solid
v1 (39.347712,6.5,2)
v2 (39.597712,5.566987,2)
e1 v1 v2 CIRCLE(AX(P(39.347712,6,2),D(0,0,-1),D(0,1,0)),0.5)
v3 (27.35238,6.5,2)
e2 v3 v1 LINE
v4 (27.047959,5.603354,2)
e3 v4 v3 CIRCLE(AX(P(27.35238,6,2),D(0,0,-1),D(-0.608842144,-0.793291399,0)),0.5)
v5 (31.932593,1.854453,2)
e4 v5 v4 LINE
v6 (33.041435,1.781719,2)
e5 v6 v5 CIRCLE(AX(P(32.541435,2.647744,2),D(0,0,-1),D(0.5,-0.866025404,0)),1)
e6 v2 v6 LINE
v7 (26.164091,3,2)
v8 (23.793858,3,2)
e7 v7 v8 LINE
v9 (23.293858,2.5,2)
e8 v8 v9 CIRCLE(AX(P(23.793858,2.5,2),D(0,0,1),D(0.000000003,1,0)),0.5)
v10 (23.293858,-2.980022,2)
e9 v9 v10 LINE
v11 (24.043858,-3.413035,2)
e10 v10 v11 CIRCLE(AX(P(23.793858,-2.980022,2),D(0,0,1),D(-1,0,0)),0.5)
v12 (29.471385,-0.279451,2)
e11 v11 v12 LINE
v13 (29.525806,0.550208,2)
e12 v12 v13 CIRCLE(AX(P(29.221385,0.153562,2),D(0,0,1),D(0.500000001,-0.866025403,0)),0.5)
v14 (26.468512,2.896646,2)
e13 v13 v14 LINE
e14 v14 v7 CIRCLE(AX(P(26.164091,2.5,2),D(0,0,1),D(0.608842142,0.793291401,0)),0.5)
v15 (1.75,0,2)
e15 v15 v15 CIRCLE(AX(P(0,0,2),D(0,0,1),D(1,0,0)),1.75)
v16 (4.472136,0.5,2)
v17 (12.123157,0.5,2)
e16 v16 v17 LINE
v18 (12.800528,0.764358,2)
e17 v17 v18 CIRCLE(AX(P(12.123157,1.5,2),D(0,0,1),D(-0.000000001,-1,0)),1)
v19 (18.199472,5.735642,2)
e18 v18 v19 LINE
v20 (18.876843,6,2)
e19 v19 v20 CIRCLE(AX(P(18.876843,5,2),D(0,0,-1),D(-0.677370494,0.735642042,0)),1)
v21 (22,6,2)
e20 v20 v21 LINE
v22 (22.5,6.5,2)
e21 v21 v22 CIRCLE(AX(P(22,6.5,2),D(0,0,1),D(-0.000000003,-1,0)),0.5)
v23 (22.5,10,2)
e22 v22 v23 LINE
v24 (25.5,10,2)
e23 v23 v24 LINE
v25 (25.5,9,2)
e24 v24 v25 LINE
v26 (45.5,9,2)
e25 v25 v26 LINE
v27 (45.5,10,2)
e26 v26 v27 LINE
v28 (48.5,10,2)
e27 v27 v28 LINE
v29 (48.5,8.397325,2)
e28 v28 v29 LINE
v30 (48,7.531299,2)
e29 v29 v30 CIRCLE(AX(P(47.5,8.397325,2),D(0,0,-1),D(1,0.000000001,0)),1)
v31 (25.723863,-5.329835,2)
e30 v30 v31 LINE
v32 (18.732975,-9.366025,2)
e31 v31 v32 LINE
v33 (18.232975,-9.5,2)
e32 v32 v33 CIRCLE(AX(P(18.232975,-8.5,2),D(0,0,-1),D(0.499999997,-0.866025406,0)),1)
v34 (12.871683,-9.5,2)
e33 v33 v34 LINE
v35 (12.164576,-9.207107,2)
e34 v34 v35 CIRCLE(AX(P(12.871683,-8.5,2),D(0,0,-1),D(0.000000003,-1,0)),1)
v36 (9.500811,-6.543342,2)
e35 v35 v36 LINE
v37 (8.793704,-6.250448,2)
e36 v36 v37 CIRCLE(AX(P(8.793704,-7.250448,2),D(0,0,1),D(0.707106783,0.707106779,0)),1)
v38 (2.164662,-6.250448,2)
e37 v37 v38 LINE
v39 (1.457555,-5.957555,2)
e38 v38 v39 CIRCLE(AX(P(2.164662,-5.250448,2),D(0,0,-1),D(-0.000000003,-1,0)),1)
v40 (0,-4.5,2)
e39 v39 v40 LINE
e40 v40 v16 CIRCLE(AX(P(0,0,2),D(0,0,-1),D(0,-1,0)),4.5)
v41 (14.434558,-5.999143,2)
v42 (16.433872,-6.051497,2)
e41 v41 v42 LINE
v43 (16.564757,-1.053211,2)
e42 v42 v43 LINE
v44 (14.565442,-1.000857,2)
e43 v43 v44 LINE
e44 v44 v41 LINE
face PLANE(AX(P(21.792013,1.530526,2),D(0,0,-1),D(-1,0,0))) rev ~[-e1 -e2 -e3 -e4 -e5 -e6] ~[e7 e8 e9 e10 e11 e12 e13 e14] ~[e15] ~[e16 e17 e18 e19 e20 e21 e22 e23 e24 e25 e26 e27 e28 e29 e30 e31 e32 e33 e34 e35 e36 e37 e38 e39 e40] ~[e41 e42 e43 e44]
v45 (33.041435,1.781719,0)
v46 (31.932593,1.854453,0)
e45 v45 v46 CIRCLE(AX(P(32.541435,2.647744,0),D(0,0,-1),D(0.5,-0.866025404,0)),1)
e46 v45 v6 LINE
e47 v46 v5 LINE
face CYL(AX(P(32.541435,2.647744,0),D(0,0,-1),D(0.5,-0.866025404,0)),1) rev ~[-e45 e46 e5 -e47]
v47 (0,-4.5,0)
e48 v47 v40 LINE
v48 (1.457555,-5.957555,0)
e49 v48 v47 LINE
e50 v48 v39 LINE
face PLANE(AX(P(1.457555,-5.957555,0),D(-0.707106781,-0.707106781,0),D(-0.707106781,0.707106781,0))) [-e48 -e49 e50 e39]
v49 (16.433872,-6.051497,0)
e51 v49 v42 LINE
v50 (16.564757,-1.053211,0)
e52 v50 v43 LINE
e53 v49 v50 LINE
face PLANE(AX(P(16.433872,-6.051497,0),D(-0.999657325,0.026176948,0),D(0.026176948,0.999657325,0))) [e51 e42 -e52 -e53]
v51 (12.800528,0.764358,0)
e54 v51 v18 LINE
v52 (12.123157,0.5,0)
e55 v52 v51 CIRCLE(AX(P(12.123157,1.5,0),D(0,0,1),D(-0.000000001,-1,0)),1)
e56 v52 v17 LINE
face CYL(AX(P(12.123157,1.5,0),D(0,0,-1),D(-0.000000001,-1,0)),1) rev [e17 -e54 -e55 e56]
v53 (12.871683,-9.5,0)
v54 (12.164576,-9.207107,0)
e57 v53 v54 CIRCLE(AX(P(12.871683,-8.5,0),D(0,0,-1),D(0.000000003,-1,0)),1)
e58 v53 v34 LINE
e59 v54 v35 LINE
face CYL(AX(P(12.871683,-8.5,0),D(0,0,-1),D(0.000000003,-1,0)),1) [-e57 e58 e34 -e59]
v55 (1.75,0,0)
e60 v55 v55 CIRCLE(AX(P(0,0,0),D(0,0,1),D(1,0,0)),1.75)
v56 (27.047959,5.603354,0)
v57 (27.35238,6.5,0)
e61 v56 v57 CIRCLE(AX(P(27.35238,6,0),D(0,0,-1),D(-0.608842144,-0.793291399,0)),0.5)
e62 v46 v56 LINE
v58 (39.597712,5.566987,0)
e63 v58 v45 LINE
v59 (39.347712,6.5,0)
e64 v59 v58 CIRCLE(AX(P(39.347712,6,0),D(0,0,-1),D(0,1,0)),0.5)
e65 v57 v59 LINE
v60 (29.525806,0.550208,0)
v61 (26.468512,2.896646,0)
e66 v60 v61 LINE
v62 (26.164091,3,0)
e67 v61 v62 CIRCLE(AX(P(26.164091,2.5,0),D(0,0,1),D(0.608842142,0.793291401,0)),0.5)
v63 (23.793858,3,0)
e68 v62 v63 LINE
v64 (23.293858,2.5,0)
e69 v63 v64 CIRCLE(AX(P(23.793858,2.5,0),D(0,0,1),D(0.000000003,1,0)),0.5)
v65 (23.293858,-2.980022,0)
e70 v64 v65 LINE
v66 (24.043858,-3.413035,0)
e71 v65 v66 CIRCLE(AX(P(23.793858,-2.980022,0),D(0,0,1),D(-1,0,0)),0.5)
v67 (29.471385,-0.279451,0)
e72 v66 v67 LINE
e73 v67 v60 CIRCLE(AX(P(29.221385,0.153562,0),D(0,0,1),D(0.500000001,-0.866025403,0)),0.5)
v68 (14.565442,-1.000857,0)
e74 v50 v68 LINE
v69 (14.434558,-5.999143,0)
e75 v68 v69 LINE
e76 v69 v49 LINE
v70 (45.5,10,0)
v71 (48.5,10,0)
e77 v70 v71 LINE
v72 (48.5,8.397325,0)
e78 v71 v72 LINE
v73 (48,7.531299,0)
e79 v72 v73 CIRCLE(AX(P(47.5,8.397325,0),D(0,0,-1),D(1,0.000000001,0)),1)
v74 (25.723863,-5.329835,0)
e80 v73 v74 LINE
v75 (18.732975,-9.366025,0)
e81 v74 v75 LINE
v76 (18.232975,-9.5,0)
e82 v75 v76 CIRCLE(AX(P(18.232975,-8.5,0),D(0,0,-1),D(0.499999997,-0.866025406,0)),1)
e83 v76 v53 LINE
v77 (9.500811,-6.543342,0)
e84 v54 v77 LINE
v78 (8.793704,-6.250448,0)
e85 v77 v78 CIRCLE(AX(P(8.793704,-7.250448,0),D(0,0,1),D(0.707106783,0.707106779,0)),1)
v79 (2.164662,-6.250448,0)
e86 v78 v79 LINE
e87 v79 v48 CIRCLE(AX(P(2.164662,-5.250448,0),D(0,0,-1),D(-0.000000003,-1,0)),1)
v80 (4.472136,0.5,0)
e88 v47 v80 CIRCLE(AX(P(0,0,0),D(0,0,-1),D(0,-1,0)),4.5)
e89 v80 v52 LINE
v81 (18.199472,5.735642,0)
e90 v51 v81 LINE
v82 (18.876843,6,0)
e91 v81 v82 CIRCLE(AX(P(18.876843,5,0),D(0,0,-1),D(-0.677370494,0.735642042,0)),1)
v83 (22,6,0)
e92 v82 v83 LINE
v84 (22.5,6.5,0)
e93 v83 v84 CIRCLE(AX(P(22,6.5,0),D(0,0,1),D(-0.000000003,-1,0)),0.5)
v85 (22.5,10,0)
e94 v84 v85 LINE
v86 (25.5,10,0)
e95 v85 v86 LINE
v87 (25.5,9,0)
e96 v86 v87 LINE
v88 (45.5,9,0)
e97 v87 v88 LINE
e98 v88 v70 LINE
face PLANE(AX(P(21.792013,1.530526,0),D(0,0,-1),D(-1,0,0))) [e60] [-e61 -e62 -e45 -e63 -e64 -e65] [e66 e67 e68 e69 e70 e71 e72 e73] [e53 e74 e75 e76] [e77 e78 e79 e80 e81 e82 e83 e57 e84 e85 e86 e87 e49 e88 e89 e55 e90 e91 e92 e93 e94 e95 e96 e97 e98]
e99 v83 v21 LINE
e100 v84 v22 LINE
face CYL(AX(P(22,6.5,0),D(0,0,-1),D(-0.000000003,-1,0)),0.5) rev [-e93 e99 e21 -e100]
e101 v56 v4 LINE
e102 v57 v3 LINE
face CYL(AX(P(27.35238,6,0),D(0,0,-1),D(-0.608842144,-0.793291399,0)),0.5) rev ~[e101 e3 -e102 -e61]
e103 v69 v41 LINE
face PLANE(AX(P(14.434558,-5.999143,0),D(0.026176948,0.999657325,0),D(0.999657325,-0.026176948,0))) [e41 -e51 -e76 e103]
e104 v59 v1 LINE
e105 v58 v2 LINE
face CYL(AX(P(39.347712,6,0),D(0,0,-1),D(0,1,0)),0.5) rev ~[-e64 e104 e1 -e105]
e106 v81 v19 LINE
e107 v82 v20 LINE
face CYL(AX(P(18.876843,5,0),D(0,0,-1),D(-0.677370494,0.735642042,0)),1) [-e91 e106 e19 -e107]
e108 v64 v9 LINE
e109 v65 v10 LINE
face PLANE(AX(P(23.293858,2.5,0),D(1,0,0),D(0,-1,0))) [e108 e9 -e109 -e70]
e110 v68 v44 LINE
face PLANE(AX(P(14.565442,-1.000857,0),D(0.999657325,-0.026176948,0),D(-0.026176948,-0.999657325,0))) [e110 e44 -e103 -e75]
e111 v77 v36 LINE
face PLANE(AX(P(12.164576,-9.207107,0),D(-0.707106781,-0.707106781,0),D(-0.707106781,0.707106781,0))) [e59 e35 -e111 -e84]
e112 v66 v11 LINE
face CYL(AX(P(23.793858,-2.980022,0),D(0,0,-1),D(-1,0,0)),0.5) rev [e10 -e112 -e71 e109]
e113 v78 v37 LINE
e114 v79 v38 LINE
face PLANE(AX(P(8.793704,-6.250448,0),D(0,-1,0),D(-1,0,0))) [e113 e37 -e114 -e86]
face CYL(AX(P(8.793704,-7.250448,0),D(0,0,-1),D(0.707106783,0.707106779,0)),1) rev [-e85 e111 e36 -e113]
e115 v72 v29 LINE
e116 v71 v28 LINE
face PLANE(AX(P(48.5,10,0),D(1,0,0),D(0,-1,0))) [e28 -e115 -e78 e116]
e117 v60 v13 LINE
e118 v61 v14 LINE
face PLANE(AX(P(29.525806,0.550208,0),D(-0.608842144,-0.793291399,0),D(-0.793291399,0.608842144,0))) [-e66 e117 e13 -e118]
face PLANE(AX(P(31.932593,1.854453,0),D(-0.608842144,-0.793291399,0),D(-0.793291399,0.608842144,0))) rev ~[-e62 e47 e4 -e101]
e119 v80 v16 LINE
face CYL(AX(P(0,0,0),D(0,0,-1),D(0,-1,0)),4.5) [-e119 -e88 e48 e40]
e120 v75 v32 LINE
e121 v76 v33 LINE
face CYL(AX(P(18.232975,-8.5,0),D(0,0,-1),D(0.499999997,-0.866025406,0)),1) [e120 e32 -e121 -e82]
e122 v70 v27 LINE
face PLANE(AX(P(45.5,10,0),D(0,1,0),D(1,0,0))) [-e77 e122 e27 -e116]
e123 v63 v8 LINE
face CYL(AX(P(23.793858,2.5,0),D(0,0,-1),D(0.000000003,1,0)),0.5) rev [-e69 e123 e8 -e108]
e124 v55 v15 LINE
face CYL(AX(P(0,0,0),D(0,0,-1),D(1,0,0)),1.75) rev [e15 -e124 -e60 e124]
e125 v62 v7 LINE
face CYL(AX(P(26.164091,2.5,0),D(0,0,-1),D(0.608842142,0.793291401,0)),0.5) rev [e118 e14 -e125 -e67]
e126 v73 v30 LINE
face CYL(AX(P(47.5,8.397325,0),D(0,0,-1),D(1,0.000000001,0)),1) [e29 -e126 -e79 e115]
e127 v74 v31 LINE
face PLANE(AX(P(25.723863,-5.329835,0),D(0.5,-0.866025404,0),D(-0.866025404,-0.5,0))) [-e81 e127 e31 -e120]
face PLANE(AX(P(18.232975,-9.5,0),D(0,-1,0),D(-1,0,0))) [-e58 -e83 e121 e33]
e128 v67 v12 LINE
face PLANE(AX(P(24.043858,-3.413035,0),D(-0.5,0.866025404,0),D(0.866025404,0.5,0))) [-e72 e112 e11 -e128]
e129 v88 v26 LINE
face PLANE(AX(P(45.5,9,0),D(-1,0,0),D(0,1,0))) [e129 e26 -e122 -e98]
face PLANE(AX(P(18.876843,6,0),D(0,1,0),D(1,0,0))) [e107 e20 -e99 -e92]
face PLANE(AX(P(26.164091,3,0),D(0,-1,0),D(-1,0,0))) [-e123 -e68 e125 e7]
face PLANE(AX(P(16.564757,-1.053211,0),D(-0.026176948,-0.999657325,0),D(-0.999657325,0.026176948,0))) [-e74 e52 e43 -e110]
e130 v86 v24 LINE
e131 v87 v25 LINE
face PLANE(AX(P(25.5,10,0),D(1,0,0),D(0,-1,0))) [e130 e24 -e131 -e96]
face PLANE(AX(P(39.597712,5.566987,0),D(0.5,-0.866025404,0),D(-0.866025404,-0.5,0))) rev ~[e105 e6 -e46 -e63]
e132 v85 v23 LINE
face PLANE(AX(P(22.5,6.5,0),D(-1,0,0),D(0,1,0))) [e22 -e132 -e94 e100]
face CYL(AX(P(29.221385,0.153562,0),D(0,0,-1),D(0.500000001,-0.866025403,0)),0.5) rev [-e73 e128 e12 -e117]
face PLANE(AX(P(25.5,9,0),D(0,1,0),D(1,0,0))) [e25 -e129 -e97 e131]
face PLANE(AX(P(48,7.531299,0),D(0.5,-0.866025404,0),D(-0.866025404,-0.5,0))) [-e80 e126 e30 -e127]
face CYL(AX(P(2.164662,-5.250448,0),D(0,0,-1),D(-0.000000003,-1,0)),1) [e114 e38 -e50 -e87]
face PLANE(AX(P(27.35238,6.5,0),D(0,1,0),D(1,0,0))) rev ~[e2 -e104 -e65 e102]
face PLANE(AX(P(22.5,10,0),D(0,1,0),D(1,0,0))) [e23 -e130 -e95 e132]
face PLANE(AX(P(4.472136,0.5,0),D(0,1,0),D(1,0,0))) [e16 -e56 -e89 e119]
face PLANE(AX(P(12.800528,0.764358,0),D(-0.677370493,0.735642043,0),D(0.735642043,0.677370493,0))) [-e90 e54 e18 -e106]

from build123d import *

# Parameters (mm, degrees)
SKETCH1_R           = 1.75
BOSS_EXTRUDE1_DEPTH = 2


with BuildPart() as part:
    # Sketch1 → Boss-Extrude1 (new body)
    with BuildSketch(Plane.XY):
        with BuildLine():
            Line((4.472135955, 0.5), (12.123157342, 0.5))
            ThreePointArc((12.123157342, 0.5), (12.486721612, 0.568430882), (12.800527834, 0.764357957))
            Line((12.800527834, 0.764357957), (18.199472166, 5.735642043))
            ThreePointArc((18.199472166, 5.735642043), (18.513278388, 5.931569118), (18.876842658, 6))
            Line((18.876842658, 6), (22, 6))
            ThreePointArc((22, 6), (22.353553391, 6.146446609), (22.5, 6.5))
            Line((22.5, 6.5), (22.5, 10))
            Line((22.5, 10), (25.5, 10))
            Line((25.5, 10), (25.5, 9))
            Line((25.5, 9), (45.5, 9))
            Line((45.5, 9), (45.5, 10))
            Line((45.5, 10), (48.5, 10))
            Line((48.5, 10), (48.5, 8.397324532))
            ThreePointArc((48.5, 8.397324532), (48.366025404, 7.897324532), (48, 7.531299129))
            Line((48, 7.531299129), (25.723862599, -5.329834796))
            Line((25.723862599, -5.329834796), (18.732975398, -9.366025404))
            ThreePointArc((18.732975398, -9.366025404), (18.491794443, -9.465925826), (18.232975398, -9.5))
            Line((18.232975398, -9.5), (12.871682623, -9.5))
            ThreePointArc((12.871682623, -9.5), (12.48899919, -9.423879533), (12.164575841, -9.207106781))
            Line((12.164575841, -9.207106781), (9.500810677, -6.543341617))
            ThreePointArc((9.500810677, -6.543341617), (9.176387328, -6.326568865), (8.793703896, -6.250448398))
            Line((8.793703896, -6.250448398), (2.16466196, -6.250448398))
            ThreePointArc((2.16466196, -6.250448398), (1.781978528, -6.17432793), (1.457555179, -5.957555179))
            Line((1.457555179, -5.957555179), (0, -4.5))
            ThreePointArc((0, -4.5), (-3.354101966, 3), (4.472135955, 0.5))
        make_face()
        Circle(SKETCH1_R, mode=Mode.SUBTRACT)
        with BuildLine():
            Line((27.801871392, 6.5), (39.347712108, 6.5))
            ThreePointArc((39.347712108, 6.5), (39.830675021, 6.129409523), (39.597712108, 5.566987298))
            Line((39.597712108, 5.566987298), (33.04143505, 1.781718974))
            ThreePointArc((33.04143505, 1.781718974), (32.475981159, 1.649888783), (31.932592907, 1.854452979))
            Line((31.932592907, 1.854452979), (27.047958678, 5.6033543))
            ThreePointArc((27.047958678, 5.6033543), (26.878922862, 6.160743818), (27.35237975, 6.5))
            Line((27.35237975, 6.5), (27.801871392, 6.5))
        make_face(mode=Mode.SUBTRACT)
        with BuildLine():
            Line((29.525805665, 0.550207783), (26.468512346, 2.8966457))
            ThreePointArc((26.468512346, 2.8966457), (26.324835093, 2.973456888), (26.164091274, 3))
            Line((26.164091274, 3), (23.793857984, 3))
            ThreePointArc((23.793857984, 3), (23.440304593, 2.853553391), (23.293857984, 2.5))
            Line((23.293857984, 2.5), (23.293857984, -2.980021865))
            ThreePointArc((23.293857984, -2.980021865), (23.543857984, -3.413034567), (24.043857984, -3.413034567))
            Line((24.043857984, -3.413034567), (29.471384593, -0.279450618))
            ThreePointArc((29.471384593, -0.279450618), (29.72031239, 0.120835138), (29.525805665, 0.550207783))
        make_face(mode=Mode.SUBTRACT)
        Polygon((14.565442371, -1.000856688), (14.434557629, -5.999143312), (16.433872279, -6.051497209), (16.564757021, -1.053210584), align=None, mode=Mode.SUBTRACT)
    extrude(amount=BOSS_EXTRUDE1_DEPTH)


solid = part.part
